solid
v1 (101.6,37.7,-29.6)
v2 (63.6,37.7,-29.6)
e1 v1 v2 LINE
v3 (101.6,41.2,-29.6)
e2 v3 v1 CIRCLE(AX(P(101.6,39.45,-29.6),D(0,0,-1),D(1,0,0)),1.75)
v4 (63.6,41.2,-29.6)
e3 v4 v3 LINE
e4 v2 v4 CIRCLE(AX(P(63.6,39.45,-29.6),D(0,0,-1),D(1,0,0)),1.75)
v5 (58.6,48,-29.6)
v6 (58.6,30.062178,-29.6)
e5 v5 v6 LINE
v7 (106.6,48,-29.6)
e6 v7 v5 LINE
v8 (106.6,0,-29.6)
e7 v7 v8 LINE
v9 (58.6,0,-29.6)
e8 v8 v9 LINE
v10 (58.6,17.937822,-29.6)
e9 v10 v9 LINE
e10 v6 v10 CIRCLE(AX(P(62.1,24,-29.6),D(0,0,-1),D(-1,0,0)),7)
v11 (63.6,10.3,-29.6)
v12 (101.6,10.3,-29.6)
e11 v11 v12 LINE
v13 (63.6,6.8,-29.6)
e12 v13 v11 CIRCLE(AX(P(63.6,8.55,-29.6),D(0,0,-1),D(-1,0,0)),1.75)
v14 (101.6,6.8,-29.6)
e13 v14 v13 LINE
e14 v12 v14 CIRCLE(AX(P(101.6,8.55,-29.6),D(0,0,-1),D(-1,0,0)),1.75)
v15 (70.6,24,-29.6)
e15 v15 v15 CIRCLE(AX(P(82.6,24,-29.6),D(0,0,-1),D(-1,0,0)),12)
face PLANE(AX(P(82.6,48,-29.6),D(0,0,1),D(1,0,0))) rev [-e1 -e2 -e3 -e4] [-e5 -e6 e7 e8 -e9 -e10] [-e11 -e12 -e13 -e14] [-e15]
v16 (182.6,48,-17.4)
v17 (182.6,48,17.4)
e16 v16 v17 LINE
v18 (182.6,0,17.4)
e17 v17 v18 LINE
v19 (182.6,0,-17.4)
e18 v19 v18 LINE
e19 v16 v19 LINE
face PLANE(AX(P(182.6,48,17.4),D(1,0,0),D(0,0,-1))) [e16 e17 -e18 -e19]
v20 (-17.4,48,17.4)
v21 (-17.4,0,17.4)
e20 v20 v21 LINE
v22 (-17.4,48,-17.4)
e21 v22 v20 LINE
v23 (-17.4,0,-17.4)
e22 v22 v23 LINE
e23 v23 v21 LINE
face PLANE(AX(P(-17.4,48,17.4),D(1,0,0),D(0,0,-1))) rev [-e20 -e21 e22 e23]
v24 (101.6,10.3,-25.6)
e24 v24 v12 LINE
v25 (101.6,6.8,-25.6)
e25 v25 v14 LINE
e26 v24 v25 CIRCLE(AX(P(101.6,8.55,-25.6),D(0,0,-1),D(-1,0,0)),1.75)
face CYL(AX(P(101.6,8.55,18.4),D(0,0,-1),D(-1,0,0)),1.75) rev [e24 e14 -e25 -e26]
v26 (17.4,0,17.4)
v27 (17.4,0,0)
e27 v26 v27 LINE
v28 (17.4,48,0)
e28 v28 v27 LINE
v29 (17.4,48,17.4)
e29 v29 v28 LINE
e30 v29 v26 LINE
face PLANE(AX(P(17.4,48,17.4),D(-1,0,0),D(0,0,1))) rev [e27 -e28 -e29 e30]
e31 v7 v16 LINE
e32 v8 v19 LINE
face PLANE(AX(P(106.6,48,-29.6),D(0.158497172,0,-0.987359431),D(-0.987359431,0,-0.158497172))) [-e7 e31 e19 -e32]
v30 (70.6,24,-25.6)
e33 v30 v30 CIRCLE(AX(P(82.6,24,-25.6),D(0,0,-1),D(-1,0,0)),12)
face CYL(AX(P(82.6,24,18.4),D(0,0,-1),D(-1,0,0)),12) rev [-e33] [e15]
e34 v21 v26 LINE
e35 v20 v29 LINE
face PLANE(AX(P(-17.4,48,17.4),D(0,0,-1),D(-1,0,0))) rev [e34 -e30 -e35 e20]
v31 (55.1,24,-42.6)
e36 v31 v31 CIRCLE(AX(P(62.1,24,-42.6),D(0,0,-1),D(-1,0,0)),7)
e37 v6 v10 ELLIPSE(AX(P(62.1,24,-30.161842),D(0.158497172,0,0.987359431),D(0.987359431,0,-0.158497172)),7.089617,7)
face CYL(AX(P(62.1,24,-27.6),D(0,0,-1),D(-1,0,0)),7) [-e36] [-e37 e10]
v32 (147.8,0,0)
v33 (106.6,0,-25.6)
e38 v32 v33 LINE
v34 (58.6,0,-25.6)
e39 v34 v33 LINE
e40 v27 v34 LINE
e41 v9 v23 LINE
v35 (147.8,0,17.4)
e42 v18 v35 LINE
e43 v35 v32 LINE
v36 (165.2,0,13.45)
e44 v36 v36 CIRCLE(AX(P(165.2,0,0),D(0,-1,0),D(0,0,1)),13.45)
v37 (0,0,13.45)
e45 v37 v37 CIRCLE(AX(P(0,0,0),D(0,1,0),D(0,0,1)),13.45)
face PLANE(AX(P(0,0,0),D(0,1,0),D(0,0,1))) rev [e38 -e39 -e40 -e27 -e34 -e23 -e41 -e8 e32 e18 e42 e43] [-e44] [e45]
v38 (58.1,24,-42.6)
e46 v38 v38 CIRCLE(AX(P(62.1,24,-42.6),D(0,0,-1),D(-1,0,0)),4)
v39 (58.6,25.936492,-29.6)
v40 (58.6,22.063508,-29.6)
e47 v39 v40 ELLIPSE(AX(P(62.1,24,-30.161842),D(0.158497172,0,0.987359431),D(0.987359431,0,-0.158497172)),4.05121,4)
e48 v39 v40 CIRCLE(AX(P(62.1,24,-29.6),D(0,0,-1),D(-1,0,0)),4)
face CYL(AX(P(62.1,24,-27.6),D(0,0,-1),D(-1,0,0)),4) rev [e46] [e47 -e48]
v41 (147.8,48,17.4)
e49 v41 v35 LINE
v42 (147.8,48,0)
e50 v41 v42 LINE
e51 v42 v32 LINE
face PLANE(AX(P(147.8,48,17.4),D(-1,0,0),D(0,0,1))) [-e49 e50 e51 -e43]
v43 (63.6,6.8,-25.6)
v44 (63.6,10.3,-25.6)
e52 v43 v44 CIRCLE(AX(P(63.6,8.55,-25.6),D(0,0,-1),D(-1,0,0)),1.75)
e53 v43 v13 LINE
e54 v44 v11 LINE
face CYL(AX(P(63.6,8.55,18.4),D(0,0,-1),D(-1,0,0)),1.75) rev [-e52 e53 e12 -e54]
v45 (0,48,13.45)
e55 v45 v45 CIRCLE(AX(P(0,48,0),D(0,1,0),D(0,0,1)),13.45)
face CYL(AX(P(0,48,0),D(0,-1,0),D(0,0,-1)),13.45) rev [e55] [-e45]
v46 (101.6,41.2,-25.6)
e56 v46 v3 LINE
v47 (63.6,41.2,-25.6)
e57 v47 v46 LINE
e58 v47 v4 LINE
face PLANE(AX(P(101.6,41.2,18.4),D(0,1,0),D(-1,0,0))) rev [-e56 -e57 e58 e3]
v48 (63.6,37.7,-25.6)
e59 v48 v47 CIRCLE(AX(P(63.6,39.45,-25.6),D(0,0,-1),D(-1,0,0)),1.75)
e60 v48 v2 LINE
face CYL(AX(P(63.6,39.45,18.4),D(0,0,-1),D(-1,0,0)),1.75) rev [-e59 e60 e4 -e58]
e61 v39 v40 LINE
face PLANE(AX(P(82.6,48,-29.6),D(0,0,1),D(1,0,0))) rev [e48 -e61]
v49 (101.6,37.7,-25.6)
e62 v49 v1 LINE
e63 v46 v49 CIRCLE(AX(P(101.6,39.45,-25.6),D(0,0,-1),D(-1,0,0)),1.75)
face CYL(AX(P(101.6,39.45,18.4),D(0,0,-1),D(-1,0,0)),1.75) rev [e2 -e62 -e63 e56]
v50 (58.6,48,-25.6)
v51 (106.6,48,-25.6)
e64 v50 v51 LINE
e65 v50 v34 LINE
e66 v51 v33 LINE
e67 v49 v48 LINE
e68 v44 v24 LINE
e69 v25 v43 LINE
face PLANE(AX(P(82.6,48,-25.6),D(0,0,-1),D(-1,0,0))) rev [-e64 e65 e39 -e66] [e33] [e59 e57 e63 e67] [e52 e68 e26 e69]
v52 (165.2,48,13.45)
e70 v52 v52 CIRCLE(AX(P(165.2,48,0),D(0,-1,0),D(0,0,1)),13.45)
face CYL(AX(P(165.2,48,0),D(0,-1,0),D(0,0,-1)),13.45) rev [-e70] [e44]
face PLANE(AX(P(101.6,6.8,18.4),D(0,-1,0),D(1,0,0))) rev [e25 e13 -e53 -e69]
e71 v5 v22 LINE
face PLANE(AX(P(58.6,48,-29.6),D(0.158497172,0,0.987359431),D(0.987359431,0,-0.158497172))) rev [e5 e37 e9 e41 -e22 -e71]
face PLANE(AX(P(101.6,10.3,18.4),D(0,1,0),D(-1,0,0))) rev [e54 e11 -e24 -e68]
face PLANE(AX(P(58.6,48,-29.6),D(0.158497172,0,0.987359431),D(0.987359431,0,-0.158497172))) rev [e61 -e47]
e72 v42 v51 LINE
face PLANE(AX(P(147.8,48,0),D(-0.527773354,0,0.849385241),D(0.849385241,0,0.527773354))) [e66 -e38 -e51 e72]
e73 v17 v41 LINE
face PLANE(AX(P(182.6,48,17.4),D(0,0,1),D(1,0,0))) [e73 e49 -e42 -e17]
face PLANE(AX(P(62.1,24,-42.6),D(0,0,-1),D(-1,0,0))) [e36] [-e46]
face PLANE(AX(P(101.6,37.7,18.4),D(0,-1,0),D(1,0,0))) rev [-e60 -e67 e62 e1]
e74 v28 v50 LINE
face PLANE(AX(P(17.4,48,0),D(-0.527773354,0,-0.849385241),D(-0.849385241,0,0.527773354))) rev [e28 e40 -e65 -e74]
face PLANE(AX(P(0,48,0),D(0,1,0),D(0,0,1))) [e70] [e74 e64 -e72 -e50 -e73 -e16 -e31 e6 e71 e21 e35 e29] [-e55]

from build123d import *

# Parameters (mm, degrees)
SKETCH2_R           = 13.45
BOSS_EXTRUDE1_DEPTH = 48
SKETCH4_R           = 12
CUT_EXTRUDE1_DEPTH  = 48
SKETCH5_R           = 7
SKETCH5_R_2         = 4
BOSS_EXTRUDE2_DEPTH = 2
BOSS_EXTRUDE3_START = 13
SKETCH6_R           = 7
SKETCH6_R_2         = 4
BOSS_EXTRUDE3_DEPTH = 13


with BuildPart() as part:
    # Sketch2 → Boss-Extrude1 (new body)
    with BuildSketch(Plane(origin=(0, 0, 0), x_dir=(1, 0, 0), z_dir=(0, 1, 0))):
        Polygon((-17.4, -17.4), (17.4, -17.4), (17.4, 0), (58.6, 25.6), (82.6, 25.6), (82.6, 29.6), (58.6, 29.6), (-17.4, 17.4), align=None)
        with Locations(Location((0, 0, 0), (0, 0, 270))):
            Circle(SKETCH2_R, mode=Mode.SUBTRACT)
    boss_extrude1 = extrude(amount=BOSS_EXTRUDE1_DEPTH)

    # Mirror1: Boss-Extrude1 across plane
    add(boss_extrude1.mirror(Plane(origin=(82.6, 0, 0), x_dir=(0, 0, 1), z_dir=(1, 0, 0))))

    # Sketch4 → Cut-Extrude1 (cut)
    with BuildSketch(Plane(origin=(0, 0, -29.6), x_dir=(-1, 0, 0), z_dir=(0, 0, -1))):
        with Locations((-82.6, 24)):
            Circle(SKETCH4_R)
        with BuildLine():
            Line((-101.6, 10.3), (-63.6, 10.3))
            ThreePointArc((-63.6, 10.3), (-61.85, 8.55), (-63.6, 6.8))
            Line((-63.6, 6.8), (-101.6, 6.8))
            ThreePointArc((-101.6, 6.8), (-103.35, 8.55), (-101.6, 10.3))
        make_face()
        with BuildLine():
            Line((-101.6, 37.7), (-63.6, 37.7))
            ThreePointArc((-63.6, 37.7), (-61.85, 39.45), (-63.6, 41.2))
            Line((-63.6, 41.2), (-101.6, 41.2))
            ThreePointArc((-101.6, 41.2), (-103.35, 39.45), (-101.6, 37.7))
        make_face()
    extrude(amount=-CUT_EXTRUDE1_DEPTH, mode=Mode.SUBTRACT)

    # Sketch5 → Boss-Extrude2 (add)
    with BuildSketch(Plane(origin=(0, 0, -29.6), x_dir=(-1, 0, 0), z_dir=(0, 0, -1))):
        with Locations((-62.1, 24)):
            Circle(SKETCH5_R)
        with Locations((-62.1, 24)):
            Circle(SKETCH5_R_2, mode=Mode.SUBTRACT)
    extrude(amount=-BOSS_EXTRUDE2_DEPTH)

    # Sketch6 → Boss-Extrude3 (add)
    with BuildSketch(Plane(origin=(0, 0, -29.6), x_dir=(-1, 0, 0), z_dir=(0, 0, -1)).offset(BOSS_EXTRUDE3_START)):
        with Locations((-62.1, 24)):
            Circle(SKETCH6_R)
        with Locations((-62.1, 24)):
            Circle(SKETCH6_R_2, mode=Mode.SUBTRACT)
    extrude(amount=-BOSS_EXTRUDE3_DEPTH)


solid = part.part
